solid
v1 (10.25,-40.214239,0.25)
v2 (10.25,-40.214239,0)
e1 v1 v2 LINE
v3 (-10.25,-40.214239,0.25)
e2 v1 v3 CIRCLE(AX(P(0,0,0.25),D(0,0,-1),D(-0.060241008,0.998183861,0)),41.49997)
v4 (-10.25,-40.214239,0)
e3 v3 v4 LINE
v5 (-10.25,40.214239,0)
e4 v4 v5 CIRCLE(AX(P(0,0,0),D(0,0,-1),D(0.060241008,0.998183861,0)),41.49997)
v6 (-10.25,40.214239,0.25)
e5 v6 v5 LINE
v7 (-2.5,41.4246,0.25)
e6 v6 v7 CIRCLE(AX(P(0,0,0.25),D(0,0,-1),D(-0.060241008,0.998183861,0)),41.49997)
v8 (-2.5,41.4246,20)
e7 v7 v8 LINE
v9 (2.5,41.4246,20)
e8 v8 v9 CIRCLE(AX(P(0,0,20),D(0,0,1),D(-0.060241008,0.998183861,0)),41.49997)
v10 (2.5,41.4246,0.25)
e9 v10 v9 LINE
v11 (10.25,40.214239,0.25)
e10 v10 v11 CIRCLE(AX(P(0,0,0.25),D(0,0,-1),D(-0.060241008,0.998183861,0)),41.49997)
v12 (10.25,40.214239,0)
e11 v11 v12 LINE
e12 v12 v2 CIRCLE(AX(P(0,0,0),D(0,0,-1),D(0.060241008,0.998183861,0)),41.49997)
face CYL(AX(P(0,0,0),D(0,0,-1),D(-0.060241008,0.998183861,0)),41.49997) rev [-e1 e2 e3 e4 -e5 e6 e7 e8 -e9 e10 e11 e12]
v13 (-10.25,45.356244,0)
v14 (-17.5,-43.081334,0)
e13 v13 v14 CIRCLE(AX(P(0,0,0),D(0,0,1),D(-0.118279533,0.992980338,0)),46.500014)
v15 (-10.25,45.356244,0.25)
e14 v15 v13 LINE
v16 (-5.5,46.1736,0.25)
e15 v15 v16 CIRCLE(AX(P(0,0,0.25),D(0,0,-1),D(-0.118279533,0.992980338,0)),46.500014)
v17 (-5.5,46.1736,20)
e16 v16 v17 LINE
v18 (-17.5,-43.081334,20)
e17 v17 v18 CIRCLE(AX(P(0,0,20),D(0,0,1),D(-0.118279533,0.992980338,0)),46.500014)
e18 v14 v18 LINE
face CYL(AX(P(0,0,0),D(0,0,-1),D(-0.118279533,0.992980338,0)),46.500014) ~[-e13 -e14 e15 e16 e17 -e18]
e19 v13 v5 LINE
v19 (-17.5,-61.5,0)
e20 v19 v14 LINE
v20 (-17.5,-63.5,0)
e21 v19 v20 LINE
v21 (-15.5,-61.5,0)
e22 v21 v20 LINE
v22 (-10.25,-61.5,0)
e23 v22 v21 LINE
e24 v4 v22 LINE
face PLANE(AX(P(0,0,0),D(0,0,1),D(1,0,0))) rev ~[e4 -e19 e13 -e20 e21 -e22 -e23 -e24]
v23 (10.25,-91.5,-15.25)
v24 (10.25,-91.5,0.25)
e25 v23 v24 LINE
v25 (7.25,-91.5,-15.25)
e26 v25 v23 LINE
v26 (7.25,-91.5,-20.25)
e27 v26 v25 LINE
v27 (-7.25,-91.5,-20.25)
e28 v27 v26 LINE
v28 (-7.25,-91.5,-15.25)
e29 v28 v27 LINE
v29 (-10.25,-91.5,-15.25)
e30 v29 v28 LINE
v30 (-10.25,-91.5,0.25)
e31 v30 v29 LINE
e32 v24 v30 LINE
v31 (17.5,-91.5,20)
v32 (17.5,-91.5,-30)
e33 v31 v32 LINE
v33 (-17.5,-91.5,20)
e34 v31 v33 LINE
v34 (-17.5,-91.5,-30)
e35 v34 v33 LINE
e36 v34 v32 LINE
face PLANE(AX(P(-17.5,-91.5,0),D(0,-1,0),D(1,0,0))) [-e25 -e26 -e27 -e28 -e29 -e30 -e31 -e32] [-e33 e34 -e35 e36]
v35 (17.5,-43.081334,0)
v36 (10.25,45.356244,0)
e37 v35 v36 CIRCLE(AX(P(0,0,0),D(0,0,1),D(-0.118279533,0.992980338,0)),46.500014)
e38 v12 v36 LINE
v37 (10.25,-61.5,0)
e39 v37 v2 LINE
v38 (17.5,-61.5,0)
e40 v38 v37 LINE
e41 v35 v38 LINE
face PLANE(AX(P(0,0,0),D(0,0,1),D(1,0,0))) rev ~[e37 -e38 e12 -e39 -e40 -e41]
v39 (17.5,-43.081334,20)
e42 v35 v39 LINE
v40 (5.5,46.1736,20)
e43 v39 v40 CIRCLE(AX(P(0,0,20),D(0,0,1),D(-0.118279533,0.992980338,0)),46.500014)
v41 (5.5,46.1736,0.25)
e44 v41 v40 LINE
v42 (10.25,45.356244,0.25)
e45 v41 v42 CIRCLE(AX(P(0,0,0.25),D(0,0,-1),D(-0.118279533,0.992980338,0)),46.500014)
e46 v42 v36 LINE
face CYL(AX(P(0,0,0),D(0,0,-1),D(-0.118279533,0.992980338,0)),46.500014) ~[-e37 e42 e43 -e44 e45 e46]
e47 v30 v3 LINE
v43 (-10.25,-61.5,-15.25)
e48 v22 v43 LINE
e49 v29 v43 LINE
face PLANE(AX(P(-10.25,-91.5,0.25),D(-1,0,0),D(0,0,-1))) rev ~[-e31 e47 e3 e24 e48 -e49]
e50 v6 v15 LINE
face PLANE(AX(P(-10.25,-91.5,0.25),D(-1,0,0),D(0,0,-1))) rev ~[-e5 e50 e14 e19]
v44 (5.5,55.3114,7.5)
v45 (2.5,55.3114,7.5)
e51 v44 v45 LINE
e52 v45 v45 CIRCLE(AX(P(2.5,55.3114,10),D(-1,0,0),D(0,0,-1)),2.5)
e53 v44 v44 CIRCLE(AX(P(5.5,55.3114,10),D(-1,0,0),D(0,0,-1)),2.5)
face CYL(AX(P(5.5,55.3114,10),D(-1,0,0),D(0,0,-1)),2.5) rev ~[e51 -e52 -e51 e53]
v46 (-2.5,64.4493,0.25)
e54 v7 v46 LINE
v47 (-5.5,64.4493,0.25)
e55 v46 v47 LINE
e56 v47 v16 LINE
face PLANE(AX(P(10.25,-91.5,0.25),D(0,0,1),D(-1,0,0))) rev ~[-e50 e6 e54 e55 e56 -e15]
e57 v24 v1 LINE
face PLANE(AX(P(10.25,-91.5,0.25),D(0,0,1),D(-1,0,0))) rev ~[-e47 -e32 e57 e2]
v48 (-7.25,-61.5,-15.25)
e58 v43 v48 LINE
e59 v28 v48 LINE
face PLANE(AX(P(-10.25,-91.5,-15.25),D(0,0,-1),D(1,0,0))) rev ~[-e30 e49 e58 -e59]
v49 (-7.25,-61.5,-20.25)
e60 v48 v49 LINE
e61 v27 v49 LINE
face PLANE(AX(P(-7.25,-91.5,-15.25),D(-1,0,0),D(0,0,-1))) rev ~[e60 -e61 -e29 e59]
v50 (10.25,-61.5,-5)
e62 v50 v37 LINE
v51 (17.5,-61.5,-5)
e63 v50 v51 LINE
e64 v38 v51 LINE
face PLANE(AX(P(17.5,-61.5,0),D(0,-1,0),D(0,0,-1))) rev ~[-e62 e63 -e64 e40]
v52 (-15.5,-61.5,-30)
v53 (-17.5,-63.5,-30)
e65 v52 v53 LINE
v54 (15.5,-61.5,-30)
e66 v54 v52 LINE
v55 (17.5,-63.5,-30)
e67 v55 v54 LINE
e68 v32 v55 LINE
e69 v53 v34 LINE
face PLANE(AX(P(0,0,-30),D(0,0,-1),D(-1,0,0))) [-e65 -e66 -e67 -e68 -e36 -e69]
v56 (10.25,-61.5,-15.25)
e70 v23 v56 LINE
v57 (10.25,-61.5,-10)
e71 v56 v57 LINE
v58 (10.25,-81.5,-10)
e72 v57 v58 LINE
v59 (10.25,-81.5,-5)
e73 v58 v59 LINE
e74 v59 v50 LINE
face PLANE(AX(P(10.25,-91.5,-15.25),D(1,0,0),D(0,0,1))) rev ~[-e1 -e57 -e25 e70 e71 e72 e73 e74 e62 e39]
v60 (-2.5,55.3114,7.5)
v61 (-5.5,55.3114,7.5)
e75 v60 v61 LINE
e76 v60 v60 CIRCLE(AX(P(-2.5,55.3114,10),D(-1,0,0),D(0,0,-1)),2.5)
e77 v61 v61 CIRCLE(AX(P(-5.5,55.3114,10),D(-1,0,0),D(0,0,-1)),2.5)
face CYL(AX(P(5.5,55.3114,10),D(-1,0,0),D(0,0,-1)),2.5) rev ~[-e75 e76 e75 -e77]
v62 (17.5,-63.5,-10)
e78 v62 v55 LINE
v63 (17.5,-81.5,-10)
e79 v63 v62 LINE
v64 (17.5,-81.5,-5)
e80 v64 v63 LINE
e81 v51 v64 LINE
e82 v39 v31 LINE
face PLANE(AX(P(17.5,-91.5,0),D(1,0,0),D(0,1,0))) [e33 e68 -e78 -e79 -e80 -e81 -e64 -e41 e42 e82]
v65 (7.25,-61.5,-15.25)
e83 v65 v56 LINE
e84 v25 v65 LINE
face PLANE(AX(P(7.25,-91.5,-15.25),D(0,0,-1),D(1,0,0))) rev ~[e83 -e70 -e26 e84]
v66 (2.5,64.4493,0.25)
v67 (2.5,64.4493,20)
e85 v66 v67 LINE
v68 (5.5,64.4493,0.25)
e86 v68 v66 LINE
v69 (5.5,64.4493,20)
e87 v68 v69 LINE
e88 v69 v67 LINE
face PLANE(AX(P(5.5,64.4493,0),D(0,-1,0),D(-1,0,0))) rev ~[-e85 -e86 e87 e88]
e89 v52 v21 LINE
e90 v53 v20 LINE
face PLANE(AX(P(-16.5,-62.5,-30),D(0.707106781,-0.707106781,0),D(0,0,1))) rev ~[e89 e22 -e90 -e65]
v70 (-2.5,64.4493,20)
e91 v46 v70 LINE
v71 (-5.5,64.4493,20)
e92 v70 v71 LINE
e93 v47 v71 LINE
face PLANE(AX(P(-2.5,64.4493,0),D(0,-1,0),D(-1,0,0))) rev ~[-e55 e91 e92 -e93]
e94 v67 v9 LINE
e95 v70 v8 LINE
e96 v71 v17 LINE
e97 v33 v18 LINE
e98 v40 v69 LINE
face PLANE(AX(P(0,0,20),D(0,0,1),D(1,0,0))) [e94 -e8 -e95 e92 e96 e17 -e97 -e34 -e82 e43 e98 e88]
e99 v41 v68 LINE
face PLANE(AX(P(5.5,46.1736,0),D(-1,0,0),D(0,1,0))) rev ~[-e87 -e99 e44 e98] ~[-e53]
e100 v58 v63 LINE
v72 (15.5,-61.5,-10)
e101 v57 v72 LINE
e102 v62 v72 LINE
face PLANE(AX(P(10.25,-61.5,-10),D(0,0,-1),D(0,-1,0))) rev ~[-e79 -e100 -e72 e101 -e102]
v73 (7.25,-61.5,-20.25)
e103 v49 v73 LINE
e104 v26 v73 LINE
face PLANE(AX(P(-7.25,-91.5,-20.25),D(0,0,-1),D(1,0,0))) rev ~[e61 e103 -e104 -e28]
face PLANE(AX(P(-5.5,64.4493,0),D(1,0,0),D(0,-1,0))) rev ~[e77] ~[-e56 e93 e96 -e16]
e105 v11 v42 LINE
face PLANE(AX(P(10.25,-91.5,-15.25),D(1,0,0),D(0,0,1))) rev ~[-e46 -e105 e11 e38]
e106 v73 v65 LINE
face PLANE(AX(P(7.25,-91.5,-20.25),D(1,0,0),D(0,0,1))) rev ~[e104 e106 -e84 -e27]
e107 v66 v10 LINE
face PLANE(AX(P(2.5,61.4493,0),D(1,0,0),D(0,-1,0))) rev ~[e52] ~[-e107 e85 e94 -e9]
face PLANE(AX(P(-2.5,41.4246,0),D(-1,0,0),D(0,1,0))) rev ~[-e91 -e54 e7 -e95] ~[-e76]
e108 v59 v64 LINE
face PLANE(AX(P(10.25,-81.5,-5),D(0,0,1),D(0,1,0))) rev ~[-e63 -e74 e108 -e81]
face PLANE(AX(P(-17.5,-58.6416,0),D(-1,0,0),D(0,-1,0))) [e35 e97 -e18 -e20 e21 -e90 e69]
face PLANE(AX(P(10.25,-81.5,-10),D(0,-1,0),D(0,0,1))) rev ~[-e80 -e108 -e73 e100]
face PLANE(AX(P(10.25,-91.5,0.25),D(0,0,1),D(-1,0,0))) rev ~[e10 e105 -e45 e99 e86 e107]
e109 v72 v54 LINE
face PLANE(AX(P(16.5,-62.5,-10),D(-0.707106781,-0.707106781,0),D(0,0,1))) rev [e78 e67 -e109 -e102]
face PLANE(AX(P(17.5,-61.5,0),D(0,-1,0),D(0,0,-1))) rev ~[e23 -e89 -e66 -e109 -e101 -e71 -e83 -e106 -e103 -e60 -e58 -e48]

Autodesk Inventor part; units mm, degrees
ref_plane "YZ Plane" through (0, 0, 0) normal (1, 0, 0) x (0, 1, 0)
ref_plane "XZ Plane" through (0, 0, 0) normal (0, 1, 0) x (-1, 0, 0)
ref_plane "XY Plane" through (0, 0, 0) normal (0, 0, 1) x (1, 0, 0)
sketch "Sketch1" plane through (0, 0, 0) normal (0, 0, 1) x (1, 0, 0)
  arc A0 (-2.5, 41.4246) -> (2.5, 41.4246) centre (0, 0) ccw
  arc A1 (-5.5, 46.1736) -> (5.5, 46.1736) centre (0, 0) ccw
  line L0 (-2.5, 61.4493) -> (2.5, 61.4493)
  line L1 (2.5, 61.4493) -> (2.5, 41.4246)
  line L2 (-2.5, 41.4246) -> (-2.5, 61.4493)
  line L3 (5.5, 46.1736) -> (5.5, 64.4493)
  line L4 (-5.5, 64.4493) -> (-5.5, 46.1736)
  line L5 (-2.5, 61.4493) -> (-2.5, 64.4493)
  line L6 (2.5, 61.4493) -> (2.5, 64.4493)
  line L7 (5.5, 64.4493) -> (2.5, 64.4493)
  line L8 (-2.5, 64.4493) -> (-5.5, 64.4493)
  line L9 (-17.5, -41.5) -> (17.5, -41.5)
  line L10 (17.5, -41.5) -> (17.5, -91.5)
  line L11 (17.5, -91.5) -> (-17.5, -91.5)
  line L12 (-17.5, -91.5) -> (-17.5, -41.5)
  point P0 (0, 61.4493)
  point P1 (0, -91.5)
  point P2 (-17.5, -43.0813)
  point P3 (17.5, -43.0813)
  point P4 (16.5831, -25)
  point P5 (-16.5831, -25)
  point P6 (0, -41.5)
  dimension "d0" = 83
  dimension "d1" = 93
  dimension "d4" = 3
  dimension "d5" = 5
  dimension "d6" = 3
  dimension "d7" = 3
  dimension "d8" = 35
  dimension "d9" = 50
  dimension "d35" = 15.2757
extrude "Extrusion1" add sketch "Sketch1" along normal blind 20 contours A0 L9 L12 A1 L4 L8 L5 L2 | L9 L10 A1 L12 | A0 L1 L6 L7 L3 A1 L10 L9 | A1 L10 L11 L12
sketch "Sketch2" plane through (5.5, 46.1736, 0) normal (1, 0, 0) x (0, 0, -1)
  line L0 (-20, 0) -> (-20, 18.2757) projected
  line L1 (0, 18.2757) -> (-20, 18.2757) projected
  point P0 (0, -46.1736)
  point P1 (-10, 9.1378)
  point P2 (-20, 9.1378)
  point P3 (-10, 18.2757)
hole "Hole1" at (5.5, 55.3114, 10) direction (-1, 0, 0) diameter 5 end through all
sketch "Sketch3" plane through (0, 0, 0) normal (0, 0, -1) x (-1, 0, 0)
  arc A0 (-5.5, 46.1736) -> (-17.5, -43.0813) centre (0, 0) ccw projected
  line L0 (5.5, 64.4493) -> (5.5, 46.1736) projected
  line L1 (2.5, 64.4493) -> (5.5, 64.4493) projected
  line L2 (2.5, 41.4246) -> (2.5, 64.4493) projected
  arc A1 (-2.5, 41.4246) -> (2.5, 41.4246) centre (0, 0) ccw projected
  line L3 (-2.5, 64.4493) -> (-2.5, 41.4246) projected
  line L4 (-5.5, 64.4493) -> (-2.5, 64.4493) projected
  line L5 (-5.5, 46.1736) -> (-5.5, 64.4493) projected
  arc A2 (-5.5, 46.1736) -> (-17.5, -43.0813) centre (0, 0) ccw projected
  arc A3 (17.5, -43.0813) -> (5.5, 46.1736) centre (0, 0) ccw projected
  line L6 (-17.5, -58.6416) -> (17.5, -58.6416)
  arc A4 (17.5, -43.0813) -> (5.5, 46.1736) centre (0, 0) ccw projected
  line L7 (-17.5, -91.5) -> (-17.5, -43.0813) projected
  line L8 (17.5, -91.5) -> (-17.5, -91.5) projected
  line L9 (17.5, -43.0813) -> (17.5, -91.5) projected
  point P0 (16.5831, -25)
  point P1 (-16.5831, -25)
  point P2 (17.5, -58.6416)
  point P3 (-17.5, -58.6416)
  dimension "d36" = 32.8584
extrude "Extrusion2" add sketch "Sketch3" along normal blind 30 contours L6 L9 L8 L7
sketch "Sketch4" plane through (17.5, -91.5, 20) normal (1, 0, 0) x (0, 0, -1)
  line L0 (50, 32.8584) -> (20, 32.8584)
  line L1 (20, 32.8584) -> (20, 30)
  line L2 (20, 30) -> (50, 30)
  line L3 (50, 30) -> (50, 32.8584)
  line L4 (50, 0) -> (0, 0) projected
  line L5 (50, 32.8584) -> (50, 0) projected
  line L6 (20, 32.8584) -> (50, 32.8584) projected
  line L7 (20, 32.8584) -> (20, 48.4187) projected
  point P0 (20, 91.5)
  point P1 (20, 0)
  point P2 (20, 60)
  dimension "d22" = 30
extrude "Extrusion3" cut sketch "Sketch4" against normal through all
sketch "Sketch6" plane through (-17.5, -91.5, 20) normal (0, -1, 0) x (1, 0, 0)
  line L0 (27.5, -35) -> (24.5, -35)
  line L1 (24.5, -35) -> (24.5, -40)
  line L2 (24.5, -40) -> (10.5, -40)
  line L3 (10.5, -40) -> (10.5, -35)
  line L4 (10.5, -35) -> (7.5, -35)
  line L5 (7.5, -35) -> (7.5, -20)
  line L6 (7.5, -20) -> (27.5, -20)
  line L7 (27.5, -20) -> (27.5, -35)
  line L8 (27.75, -19.75) -> (7.25, -19.75)
  line L9 (7.25, -19.75) -> (7.25, -35.25)
  line L10 (7.25, -35.25) -> (10.25, -35.25)
  line L11 (10.25, -35.25) -> (10.25, -40.25)
  line L12 (10.25, -40.25) -> (24.75, -40.25)
  line L13 (24.75, -40.25) -> (24.75, -35.25)
  line L14 (24.75, -35.25) -> (27.75, -35.25)
  line L15 (27.75, -35.25) -> (27.75, -19.75)
  point P0 (17.5, -20)
  dimension "d28" = 0.25
extrude "Extrusion5" cut sketch "Sketch6" against normal through all contours L0 L1 L2 L3 L4 L5 L6 L7 | L15 L14 L13 L12 L11 L10 L9 L8
sketch "Sketch9" plane through (10.25, -91.5, -15.25) normal (-1, 0, 0) x (0, 0, 1)
  line L0 (10.25, 30) -> (5.25, 30)
  line L1 (5.25, 30) -> (5.25, 10)
  line L2 (5.25, 10) -> (10.25, 10)
  line L3 (10.25, 10) -> (10.25, 30)
  line L4 (0, 30) -> (15.25, 30) projected
  line L5 (15.5, 0) -> (0, 0) projected
  point P0 (15.25, 91.5)
  point P1 (7.75, 10)
  point P2 (7.75, 0)
  point P3 (15.5, 25)
  dimension "d31" = 5
  dimension "d32" = 20
extrude "Extrusion6" cut sketch "Sketch9" against normal through all
chamfer "Chamfer1" distance 2 angle 45 2 edges at (-17.5, -61.5, -15) (17.5, -61.5, -20)
properties part number "0008-10-055 Doking"
